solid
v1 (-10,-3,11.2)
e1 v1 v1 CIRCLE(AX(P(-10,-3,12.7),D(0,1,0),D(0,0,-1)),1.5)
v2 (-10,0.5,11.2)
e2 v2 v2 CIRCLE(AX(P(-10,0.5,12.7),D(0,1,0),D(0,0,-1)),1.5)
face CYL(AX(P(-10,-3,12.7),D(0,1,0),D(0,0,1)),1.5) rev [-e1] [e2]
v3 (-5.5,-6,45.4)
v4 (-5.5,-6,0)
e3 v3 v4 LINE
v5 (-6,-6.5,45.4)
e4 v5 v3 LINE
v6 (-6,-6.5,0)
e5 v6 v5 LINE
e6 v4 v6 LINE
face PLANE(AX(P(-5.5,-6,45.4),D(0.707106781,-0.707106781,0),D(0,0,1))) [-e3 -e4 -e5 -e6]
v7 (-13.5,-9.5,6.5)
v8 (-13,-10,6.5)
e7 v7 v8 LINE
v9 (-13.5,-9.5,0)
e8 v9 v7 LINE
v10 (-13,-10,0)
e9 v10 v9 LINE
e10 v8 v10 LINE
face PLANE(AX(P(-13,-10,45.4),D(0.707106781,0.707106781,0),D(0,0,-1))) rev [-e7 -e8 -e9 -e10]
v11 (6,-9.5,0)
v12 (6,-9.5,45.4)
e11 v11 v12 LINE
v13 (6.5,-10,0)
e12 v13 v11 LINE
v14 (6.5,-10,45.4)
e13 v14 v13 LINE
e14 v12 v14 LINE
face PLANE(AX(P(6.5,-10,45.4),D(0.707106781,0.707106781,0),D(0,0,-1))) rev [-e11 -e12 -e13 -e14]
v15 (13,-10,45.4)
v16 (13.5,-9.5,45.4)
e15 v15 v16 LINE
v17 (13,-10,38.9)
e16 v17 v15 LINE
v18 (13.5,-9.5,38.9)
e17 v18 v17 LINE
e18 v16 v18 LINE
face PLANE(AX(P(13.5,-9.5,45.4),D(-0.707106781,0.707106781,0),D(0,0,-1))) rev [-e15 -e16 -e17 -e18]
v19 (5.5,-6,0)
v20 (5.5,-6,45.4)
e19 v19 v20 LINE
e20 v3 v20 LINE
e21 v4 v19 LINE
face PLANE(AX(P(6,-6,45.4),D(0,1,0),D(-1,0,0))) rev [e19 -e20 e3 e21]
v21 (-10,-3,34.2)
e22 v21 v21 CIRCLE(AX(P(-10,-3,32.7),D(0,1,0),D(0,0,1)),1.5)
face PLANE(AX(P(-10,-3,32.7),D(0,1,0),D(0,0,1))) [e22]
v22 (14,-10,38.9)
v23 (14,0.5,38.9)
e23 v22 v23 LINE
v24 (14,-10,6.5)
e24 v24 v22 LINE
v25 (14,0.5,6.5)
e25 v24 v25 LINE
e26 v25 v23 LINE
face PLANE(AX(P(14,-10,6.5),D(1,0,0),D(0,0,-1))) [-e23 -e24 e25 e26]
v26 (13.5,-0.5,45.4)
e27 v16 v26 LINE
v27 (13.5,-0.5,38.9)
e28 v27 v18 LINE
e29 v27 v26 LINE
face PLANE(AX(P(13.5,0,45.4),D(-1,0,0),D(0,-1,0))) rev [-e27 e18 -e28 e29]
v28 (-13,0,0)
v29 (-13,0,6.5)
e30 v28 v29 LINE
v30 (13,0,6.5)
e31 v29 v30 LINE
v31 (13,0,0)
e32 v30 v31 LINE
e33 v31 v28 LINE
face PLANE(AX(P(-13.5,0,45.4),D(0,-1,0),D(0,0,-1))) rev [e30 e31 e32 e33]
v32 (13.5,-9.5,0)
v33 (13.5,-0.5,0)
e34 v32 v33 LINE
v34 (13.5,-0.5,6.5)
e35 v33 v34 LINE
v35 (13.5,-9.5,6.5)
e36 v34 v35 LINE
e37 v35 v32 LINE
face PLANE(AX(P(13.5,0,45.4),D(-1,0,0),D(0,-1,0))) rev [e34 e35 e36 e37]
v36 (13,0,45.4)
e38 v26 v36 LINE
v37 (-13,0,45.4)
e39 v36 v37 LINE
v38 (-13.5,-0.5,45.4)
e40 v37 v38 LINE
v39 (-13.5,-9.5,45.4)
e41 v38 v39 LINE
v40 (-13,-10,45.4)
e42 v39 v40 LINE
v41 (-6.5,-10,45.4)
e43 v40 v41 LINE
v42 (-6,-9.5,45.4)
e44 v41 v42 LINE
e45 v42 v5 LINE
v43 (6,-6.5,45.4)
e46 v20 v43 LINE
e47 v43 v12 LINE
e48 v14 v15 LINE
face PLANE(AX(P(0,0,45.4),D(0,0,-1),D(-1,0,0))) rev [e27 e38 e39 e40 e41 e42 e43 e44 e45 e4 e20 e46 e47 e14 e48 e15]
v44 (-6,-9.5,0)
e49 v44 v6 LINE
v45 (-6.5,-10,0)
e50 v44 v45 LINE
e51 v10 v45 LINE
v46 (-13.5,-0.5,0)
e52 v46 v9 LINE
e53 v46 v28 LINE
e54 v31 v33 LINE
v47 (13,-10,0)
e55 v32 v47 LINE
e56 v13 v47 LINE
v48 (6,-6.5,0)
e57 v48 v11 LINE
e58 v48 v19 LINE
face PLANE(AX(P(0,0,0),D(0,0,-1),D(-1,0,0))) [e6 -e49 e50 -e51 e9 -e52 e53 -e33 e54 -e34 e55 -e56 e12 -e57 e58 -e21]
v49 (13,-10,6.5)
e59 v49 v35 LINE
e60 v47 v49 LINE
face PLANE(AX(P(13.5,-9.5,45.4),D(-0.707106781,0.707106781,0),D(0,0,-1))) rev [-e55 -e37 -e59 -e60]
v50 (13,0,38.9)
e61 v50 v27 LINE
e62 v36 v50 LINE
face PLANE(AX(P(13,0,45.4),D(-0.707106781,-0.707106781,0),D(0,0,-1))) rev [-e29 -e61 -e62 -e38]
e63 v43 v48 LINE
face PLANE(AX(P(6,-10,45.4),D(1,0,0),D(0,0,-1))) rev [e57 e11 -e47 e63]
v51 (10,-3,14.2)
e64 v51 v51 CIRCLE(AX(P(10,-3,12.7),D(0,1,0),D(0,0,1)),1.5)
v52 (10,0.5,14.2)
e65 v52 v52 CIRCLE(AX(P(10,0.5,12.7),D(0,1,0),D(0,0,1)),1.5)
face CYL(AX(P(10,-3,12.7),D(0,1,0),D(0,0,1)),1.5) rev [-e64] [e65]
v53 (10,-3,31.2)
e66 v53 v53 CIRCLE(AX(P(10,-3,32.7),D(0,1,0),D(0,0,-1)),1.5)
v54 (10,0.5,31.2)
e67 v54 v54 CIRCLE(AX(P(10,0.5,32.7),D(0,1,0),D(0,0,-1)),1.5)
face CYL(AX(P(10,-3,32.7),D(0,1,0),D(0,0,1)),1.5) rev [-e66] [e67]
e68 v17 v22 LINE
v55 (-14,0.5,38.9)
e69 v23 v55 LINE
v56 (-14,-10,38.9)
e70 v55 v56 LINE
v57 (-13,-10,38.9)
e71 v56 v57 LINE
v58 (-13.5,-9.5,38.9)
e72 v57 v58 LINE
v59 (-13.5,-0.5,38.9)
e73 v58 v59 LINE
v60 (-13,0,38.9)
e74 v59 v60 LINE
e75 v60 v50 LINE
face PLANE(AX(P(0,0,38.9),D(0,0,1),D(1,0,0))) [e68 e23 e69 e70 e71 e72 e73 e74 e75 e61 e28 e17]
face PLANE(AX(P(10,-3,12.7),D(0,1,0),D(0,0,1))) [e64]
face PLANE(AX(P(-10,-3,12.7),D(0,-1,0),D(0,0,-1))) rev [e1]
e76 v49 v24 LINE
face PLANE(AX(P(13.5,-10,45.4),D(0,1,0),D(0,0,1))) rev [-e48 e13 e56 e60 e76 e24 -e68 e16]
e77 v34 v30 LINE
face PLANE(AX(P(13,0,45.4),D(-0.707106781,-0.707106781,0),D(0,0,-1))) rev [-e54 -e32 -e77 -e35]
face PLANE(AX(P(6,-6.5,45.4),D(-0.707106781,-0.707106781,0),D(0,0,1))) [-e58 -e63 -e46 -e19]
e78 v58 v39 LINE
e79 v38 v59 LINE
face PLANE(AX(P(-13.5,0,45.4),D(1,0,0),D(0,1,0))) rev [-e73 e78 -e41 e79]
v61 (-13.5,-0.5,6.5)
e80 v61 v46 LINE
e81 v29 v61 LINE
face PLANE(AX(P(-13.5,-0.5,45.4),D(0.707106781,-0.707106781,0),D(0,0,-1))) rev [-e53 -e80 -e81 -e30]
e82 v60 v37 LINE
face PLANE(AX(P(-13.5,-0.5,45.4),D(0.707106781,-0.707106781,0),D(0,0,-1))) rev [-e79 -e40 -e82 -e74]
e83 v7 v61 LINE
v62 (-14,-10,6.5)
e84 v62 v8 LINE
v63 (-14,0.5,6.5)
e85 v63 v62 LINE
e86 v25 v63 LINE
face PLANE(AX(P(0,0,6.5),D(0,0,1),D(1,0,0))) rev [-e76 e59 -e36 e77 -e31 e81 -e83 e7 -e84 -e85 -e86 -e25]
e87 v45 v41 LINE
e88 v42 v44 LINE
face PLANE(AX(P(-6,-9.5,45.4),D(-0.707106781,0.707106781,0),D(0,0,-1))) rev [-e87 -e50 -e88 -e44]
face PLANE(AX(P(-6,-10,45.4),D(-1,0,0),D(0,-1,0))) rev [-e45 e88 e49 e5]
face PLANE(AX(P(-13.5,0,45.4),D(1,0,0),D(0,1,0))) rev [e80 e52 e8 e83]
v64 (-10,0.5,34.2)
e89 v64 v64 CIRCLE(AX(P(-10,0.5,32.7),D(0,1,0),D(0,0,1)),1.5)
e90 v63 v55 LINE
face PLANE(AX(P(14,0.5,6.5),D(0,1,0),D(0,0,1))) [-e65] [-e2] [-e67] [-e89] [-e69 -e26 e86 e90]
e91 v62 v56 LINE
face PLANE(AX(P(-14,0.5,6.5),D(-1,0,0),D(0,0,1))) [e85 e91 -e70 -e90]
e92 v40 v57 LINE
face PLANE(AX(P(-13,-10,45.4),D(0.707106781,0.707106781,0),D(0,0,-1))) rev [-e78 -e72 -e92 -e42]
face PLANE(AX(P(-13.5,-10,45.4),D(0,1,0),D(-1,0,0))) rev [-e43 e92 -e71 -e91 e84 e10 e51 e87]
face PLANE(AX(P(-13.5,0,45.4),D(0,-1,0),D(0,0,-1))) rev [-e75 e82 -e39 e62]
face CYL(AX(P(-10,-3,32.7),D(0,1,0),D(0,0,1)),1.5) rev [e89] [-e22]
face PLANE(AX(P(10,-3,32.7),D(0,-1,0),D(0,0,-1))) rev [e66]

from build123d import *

# Parameters (mm, degrees)
EXTRUDE_1_DEPTH     = 45.4
EXTRUDE_START       = -6.5
EXTRUDE_2_DEPTH     = 32.4
CHAMFER_1_SIZE      = 0.5
SKETCH_3_R          = 1.5
CUT_EXTRUDE_1_DEPTH = 3.5


with BuildPart() as part:
    # 草图1 → 凸台-拉伸1 (new body)
    with BuildSketch(Plane.XY):
        Polygon((-13.5, 0), (13.5, 0), (13.5, -10), (6, -10), (6, -6), (-6, -6), (-6, -10), (-13.5, -10), align=None)
    extrude(amount=EXTRUDE_1_DEPTH)

    # 草图2 → 凸台-拉伸2 (add)
    with BuildSketch(Plane.XY.offset(45.4).offset(EXTRUDE_START)):
        Polygon((14, -10), (14, 0.5), (-14, 0.5), (-14, -10), (-13.5, -10), (-13.5, 0), (13.5, 0), (13.5, -10), align=None)
    extrude(amount=-EXTRUDE_2_DEPTH)

    # 倒角1
    chamfer_1_edges = [part.edges().sort_by_distance(p)[0] for p in [
        (13.5, -10, 42.15),
        (6, -10, 22.7),
        (6, -6, 22.7),
        (-6, -6, 22.7),
        (-6, -10, 22.7),
        (-13.5, -10, 42.15),
        (-13.5, 0, 42.15),
        (13.5, 0, 42.15),
        (13.5, -10, 3.25),
        (-13.5, -10, 3.25),
        (-13.5, 0, 3.25),
        (13.5, 0, 3.25),
    ]]
    chamfer(chamfer_1_edges, length=CHAMFER_1_SIZE)

    # 草图3 → 切除-拉伸1 (cut)
    with BuildSketch(Plane(origin=(0, 0.5, 0), x_dir=(1, 0, 0), z_dir=(0, 1, 0))):
        with Locations(Location((10, -12.7, 0), (0, 0, 270))):
            Circle(SKETCH_3_R)
        with Locations(Location((10, -32.7, 0), (0, 0, 90))):
            Circle(SKETCH_3_R)
        with Locations(Location((-10, -32.7, 0), (0, 0, 270))):
            Circle(SKETCH_3_R)
        with Locations(Location((-10, -12.7, 0), (0, 0, 90))):
            Circle(SKETCH_3_R)
    extrude(amount=-CUT_EXTRUDE_1_DEPTH, mode=Mode.SUBTRACT)


solid = part.part
